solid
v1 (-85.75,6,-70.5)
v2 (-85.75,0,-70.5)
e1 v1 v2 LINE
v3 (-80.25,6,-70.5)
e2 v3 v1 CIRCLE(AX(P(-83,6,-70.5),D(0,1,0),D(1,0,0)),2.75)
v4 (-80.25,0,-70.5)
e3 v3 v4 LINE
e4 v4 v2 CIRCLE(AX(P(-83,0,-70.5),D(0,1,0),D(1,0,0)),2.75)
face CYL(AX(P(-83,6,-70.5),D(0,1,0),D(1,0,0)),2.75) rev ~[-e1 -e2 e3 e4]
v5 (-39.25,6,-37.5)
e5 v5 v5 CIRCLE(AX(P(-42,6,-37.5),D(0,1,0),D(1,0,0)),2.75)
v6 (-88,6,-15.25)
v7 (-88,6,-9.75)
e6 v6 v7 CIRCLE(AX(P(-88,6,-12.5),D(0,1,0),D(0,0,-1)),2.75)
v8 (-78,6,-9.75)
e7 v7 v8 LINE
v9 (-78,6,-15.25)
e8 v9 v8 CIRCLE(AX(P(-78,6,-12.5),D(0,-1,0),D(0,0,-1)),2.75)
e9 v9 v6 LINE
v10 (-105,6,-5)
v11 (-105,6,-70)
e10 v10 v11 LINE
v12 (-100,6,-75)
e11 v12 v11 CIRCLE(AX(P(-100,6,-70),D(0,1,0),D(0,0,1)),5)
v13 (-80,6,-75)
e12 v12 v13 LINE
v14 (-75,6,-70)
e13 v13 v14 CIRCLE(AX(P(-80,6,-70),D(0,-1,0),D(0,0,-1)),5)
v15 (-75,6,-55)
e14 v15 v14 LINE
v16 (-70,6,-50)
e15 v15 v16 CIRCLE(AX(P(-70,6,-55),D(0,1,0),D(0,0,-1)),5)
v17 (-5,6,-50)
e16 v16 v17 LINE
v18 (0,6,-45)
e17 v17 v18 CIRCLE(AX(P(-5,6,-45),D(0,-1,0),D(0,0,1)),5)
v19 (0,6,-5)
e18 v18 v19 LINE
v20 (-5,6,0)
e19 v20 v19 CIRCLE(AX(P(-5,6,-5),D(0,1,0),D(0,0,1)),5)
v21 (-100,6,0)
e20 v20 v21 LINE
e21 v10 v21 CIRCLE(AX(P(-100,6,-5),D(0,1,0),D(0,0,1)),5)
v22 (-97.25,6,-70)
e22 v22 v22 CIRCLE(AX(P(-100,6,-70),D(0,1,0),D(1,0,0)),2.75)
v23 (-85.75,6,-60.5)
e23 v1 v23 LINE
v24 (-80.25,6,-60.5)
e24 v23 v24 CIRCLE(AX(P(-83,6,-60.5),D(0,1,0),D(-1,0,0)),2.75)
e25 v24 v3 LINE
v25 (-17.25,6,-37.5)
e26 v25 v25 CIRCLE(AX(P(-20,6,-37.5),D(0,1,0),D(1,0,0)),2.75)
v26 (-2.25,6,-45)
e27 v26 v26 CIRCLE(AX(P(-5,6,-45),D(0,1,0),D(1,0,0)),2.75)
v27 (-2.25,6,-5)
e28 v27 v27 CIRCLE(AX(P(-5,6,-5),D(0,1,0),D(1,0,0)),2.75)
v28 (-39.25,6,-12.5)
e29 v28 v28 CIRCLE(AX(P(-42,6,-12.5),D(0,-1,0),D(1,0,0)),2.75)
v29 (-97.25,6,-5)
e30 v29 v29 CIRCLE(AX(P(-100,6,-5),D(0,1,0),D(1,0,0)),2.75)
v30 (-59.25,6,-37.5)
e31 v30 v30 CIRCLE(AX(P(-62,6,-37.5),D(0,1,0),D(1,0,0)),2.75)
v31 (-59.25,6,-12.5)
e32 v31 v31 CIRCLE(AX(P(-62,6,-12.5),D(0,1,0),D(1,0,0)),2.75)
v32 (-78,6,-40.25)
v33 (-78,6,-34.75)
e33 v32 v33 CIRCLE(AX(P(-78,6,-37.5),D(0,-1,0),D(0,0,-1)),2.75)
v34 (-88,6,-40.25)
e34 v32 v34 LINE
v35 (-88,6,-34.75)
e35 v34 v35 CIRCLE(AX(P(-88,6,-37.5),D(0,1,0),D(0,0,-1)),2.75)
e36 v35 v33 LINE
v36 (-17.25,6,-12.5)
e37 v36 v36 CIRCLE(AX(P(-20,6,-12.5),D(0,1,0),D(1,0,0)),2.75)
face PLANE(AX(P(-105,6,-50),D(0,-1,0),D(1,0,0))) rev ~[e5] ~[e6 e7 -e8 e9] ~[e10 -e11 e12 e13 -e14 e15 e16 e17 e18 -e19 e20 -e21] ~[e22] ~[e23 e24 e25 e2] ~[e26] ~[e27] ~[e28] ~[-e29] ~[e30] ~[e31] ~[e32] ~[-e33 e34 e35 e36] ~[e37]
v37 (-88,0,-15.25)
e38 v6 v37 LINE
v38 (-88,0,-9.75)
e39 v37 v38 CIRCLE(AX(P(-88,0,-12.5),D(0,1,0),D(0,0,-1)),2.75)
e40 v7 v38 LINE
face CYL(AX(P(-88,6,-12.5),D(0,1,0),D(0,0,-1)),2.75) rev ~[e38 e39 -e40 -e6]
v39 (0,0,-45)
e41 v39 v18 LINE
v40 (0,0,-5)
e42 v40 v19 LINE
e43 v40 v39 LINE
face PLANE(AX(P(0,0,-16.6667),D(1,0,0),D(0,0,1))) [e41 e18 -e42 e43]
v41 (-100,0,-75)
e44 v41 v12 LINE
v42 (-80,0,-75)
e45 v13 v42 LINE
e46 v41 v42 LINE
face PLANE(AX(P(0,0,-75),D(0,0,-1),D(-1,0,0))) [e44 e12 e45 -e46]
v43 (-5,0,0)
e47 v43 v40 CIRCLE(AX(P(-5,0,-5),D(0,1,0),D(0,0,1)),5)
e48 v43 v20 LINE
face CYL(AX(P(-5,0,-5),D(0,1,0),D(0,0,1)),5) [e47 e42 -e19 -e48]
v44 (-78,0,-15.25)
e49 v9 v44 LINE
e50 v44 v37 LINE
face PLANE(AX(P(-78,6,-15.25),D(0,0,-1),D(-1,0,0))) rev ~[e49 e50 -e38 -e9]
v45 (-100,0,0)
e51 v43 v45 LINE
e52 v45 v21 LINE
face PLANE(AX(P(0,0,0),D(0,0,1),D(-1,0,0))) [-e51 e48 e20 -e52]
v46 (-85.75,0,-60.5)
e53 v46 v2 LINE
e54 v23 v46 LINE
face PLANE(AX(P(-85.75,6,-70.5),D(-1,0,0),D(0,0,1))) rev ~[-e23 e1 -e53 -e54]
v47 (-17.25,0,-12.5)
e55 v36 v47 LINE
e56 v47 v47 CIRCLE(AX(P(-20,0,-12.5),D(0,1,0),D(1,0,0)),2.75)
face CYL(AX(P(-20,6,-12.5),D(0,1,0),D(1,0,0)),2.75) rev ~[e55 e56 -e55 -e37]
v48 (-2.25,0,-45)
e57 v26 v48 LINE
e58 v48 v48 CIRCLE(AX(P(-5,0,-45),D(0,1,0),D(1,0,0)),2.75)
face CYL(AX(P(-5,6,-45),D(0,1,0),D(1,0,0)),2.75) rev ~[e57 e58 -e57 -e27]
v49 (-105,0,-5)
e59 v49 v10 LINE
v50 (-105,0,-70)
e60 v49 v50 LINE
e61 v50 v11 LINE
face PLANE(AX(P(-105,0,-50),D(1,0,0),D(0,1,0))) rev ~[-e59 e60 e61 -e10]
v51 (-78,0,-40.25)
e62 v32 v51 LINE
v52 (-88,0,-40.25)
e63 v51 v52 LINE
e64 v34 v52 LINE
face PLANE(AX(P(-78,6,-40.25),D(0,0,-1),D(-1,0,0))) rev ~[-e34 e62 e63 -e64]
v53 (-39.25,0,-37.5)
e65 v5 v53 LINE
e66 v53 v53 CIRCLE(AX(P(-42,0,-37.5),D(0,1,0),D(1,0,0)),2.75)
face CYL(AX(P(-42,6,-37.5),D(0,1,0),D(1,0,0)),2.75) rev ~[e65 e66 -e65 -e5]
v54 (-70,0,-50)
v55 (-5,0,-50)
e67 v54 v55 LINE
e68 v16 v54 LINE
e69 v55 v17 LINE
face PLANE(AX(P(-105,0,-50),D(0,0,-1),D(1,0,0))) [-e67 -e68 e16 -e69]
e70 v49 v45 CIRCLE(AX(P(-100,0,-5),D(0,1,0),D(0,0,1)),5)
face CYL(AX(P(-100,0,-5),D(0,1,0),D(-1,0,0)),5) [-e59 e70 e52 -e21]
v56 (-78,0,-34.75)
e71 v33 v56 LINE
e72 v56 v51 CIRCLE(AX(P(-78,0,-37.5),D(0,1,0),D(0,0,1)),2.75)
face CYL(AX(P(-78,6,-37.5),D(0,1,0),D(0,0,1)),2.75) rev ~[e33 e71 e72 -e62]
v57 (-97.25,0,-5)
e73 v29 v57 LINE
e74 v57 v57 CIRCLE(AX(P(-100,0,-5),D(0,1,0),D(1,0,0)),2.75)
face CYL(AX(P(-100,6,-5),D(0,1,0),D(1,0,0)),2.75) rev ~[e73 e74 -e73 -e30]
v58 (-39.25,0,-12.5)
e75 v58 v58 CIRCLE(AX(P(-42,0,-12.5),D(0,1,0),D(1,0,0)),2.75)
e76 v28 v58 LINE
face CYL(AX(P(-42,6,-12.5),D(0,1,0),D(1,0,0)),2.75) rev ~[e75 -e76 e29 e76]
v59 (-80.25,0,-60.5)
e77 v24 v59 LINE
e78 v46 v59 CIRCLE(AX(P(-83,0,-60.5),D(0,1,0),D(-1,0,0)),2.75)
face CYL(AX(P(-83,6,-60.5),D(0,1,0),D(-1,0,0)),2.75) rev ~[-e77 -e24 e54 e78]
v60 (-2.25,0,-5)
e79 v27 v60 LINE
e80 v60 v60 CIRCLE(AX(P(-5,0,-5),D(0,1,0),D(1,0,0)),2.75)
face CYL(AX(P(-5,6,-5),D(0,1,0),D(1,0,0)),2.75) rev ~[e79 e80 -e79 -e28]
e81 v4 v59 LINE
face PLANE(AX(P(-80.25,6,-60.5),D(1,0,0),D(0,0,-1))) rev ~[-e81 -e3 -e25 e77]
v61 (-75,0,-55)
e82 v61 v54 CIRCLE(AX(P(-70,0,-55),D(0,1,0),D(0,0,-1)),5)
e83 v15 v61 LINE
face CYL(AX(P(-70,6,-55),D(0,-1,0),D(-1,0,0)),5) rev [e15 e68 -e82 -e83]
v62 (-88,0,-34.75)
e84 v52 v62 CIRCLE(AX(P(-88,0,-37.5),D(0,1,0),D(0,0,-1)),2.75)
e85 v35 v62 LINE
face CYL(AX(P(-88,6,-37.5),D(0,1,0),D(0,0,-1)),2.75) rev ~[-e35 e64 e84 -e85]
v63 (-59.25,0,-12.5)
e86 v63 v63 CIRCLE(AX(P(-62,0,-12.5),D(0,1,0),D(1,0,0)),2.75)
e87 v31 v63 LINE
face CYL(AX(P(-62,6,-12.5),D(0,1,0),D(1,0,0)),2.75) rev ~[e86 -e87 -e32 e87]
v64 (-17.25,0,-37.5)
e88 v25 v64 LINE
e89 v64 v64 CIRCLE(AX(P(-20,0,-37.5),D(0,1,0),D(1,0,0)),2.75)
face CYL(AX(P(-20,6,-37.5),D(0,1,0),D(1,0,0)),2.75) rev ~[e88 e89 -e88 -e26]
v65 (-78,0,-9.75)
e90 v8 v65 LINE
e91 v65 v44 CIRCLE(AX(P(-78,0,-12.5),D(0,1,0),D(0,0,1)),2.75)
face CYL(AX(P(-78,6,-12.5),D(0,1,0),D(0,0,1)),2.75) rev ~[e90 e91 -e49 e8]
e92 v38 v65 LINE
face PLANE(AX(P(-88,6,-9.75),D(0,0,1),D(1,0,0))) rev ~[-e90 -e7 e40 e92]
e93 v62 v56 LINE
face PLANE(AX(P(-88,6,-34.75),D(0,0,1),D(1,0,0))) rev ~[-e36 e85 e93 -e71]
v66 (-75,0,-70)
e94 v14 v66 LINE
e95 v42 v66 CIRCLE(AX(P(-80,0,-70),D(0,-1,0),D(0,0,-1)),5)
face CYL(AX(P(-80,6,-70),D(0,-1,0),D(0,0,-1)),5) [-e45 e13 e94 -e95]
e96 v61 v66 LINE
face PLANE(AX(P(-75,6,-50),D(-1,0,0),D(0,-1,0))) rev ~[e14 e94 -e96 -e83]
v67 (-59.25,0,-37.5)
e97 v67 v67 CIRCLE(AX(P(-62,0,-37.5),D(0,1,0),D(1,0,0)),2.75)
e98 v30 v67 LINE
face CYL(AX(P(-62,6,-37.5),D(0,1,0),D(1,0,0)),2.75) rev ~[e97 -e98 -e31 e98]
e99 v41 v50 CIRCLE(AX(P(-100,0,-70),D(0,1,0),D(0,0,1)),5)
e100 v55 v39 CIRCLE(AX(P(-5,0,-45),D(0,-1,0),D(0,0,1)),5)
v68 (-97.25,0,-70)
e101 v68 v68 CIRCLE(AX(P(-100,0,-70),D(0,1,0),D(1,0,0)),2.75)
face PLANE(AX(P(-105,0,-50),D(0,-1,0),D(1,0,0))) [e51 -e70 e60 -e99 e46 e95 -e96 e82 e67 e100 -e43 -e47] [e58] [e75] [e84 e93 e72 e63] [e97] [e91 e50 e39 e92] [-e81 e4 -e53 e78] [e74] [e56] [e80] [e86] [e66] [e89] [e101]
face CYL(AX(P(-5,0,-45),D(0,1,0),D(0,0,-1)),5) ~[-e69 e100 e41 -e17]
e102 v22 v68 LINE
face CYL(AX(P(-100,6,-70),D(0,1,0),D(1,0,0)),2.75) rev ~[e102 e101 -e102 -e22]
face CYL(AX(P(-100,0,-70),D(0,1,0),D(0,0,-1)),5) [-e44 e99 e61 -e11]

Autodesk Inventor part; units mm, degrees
ref_plane "YZ Plane" through (0, 0, 0) normal (1, 0, 0) x (0, 1, 0)
ref_plane "XZ Plane" through (0, 0, 0) normal (0, 1, 0) x (-1, 0, 0)
ref_plane "XY Plane" through (0, 0, 0) normal (0, 0, 1) x (1, 0, 0)
sketch "Sketch1" plane through (0, 0, 0) normal (0, 1, 0) x (-1, 0, 0)
  line L0 (0, 0) -> (105, 0)
  line L1 (105, 0) -> (105, -50)
  line L2 (105, -50) -> (0, -50)
  line L3 (0, -50) -> (0, 0)
  line L4 (0, 0) -> (0, -16.6667)
  line L5 (0, -16.6667) -> (11, -16.6667)
  dimension "d0" = 105
  dimension "d1" = 50
  dimension "d2" = 16.6667
  dimension "d3" = 11
extrude "Extrusion1" add sketch "Sketch1" along normal blind 6
sketch "Sketch3" plane through (0, 6, 0) normal (0, 1, 0) x (1, 0, 0)
  circle A0 centre (-20, 12.5) radius 2.75
  line L0 (0, 0) -> (0, 50) projected
  line L1 (-105, 0) -> (0, 0) projected
  circle A1 centre (-20, 37.5) radius 2.75
  dimension "d21" = 5.5
  dimension "d22" = 20
  dimension "d23" = 12.5
  dimension "d26" = 25
extrude "Extrusion3" cut sketch "Sketch3" against normal through all
sketch "Sketch4" plane through (0, 6, 0) normal (0, 1, 0) x (1, 0, 0)
  circle A0 centre (-20, 12.5) radius 2.75 projected
  line L0 (-20, 12.5) -> (-78, 12.5)
  line L1 (-78, 12.5) -> (-88, 12.5) construction
  line L2 (-78, 15.25) -> (-88, 15.25)
  line L3 (-88, 9.75) -> (-78, 9.75)
  arc A1 (-78, 9.75) -> (-78, 15.25) centre (-78, 12.5) ccw
  arc A2 (-88, 15.25) -> (-88, 9.75) centre (-88, 12.5) ccw
  point P0 (0, 0)
  point P1 (-83, 12.5)
  dimension "d33" = 58
  dimension "d34" = 10
  dimension "d35" = 5.5
extrude "Extrusion4" cut sketch "Sketch4" against normal through all contours A1 L3 A2 L2
pattern_linear "Rectangular Pattern2" count 2 spacing 25 along (0, 0, -1) of "Extrusion4"
sketch "Sketch5" plane through (0, 0, -50) normal (0, 0, -1) x (-1, 0, 0)
  line L0 (105, 0) -> (105, 6) projected
  line L1 (105, 0) -> (0, 0) projected
  line L2 (105, 6) -> (75, 6)
  line L3 (75, 6) -> (75, 0)
  line L4 (75, 0) -> (105, 0)
  line L5 (105, 0) -> (105, 6)
  dimension "d45" = 30
extrude "Extrusion5" add sketch "Sketch5" along normal blind 25
sketch "Sketch6" plane through (0, 6, 0) normal (0, 1, 0) x (1, 0, 0)
  line L0 (-83, 60.5) -> (-83, 70.5) construction
  line L1 (-80.25, 60.5) -> (-80.25, 70.5)
  line L2 (-85.75, 70.5) -> (-85.75, 60.5)
  arc A0 (-85.75, 60.5) -> (-80.25, 60.5) centre (-83, 60.5) ccw
  arc A1 (-80.25, 70.5) -> (-85.75, 70.5) centre (-83, 70.5) ccw
  line L3 (-75, 50) -> (-75, 75) projected
  arc A2 (-88, 40.25) -> (-88, 34.75) centre (-88, 37.5) ccw projected
  point P0 (0, 0)
  point P1 (-83, 65.5)
  dimension "d48" = 10
  dimension "d49" = 5.5
  dimension "d50" = 8
  dimension "d51" = 28
extrude "Extrusion6" cut sketch "Sketch6" against normal through all
fillet "Fillet2" radius 5 6 edges at (-105, 3, 0) (0, 3, 0) (-75, 3, -75) (-105, 3, -75) (0, 3, -50) (-75, 3, -50)
sketch "Sketch7" plane through (0, 6, 0) normal (0, 1, 0) x (1, 0, 0)
  circle A0 centre (-20, 12.5) radius 2.75 projected
  line L0 (-20, 12.5) -> (-42, 12.5)
  line L1 (-42, 12.5) -> (-62, 12.5)
  circle A1 centre (-62, 12.5) radius 2.75
  circle A2 centre (-42, 12.5) radius 2.75
  line L2 (0, 5) -> (0, 45) projected
  line L3 (0, 0) -> (0, 45)
  circle A3 centre (-42, 37.5) radius 2.75
  circle A4 centre (-62, 37.5) radius 2.75
  dimension "d55" = 22
  dimension "d56" = 20
  dimension "d57" = 5.5
  dimension "d58" = 5.5
  dimension "d61" = 25
extrude "Extrusion7" cut sketch "Sketch7" against normal through all contours A1 | A2 L1 L0 | L0 L1 A2 | A3 | A4
sketch "Sketch9" plane through (0, 6, 0) normal (0, 1, 0) x (1, 0, 0)
  point P0 (0, 0)
sketch "Sketch10" plane through (0, 6, 0) normal (0, 1, 0) x (1, 0, 0)
  circle A0 centre (-100, 70) radius 2.75
  line L0 (-100, 75) -> (-80, 75) projected
  line L1 (-105, 5) -> (-105, 70) projected
  circle A1 centre (-100, 5) radius 2.75
  line L2 (-100, 0) -> (-5, 0) projected
  circle A2 centre (-5, 45) radius 2.75
  line L3 (-5, 50) -> (-70, 50) projected
  line L4 (0, 5) -> (0, 45) projected
  circle A3 centre (-5, 5) radius 2.75
  point P0 (0, 0)
  dimension "d70" = 5.5
  dimension "d71" = 5
  dimension "d72" = 5
  dimension "d73" = 5.5
  dimension "d74" = 5
  dimension "d75" = 5
  dimension "d76" = 5.5
  dimension "d77" = 5
  dimension "d78" = 5
  dimension "d79" = 5.5
  dimension "d80" = 5
  dimension "d81" = 5
extrude "Extrusion9" cut sketch "Sketch10" against normal through all
properties part number "X_Carriage_Plate"
